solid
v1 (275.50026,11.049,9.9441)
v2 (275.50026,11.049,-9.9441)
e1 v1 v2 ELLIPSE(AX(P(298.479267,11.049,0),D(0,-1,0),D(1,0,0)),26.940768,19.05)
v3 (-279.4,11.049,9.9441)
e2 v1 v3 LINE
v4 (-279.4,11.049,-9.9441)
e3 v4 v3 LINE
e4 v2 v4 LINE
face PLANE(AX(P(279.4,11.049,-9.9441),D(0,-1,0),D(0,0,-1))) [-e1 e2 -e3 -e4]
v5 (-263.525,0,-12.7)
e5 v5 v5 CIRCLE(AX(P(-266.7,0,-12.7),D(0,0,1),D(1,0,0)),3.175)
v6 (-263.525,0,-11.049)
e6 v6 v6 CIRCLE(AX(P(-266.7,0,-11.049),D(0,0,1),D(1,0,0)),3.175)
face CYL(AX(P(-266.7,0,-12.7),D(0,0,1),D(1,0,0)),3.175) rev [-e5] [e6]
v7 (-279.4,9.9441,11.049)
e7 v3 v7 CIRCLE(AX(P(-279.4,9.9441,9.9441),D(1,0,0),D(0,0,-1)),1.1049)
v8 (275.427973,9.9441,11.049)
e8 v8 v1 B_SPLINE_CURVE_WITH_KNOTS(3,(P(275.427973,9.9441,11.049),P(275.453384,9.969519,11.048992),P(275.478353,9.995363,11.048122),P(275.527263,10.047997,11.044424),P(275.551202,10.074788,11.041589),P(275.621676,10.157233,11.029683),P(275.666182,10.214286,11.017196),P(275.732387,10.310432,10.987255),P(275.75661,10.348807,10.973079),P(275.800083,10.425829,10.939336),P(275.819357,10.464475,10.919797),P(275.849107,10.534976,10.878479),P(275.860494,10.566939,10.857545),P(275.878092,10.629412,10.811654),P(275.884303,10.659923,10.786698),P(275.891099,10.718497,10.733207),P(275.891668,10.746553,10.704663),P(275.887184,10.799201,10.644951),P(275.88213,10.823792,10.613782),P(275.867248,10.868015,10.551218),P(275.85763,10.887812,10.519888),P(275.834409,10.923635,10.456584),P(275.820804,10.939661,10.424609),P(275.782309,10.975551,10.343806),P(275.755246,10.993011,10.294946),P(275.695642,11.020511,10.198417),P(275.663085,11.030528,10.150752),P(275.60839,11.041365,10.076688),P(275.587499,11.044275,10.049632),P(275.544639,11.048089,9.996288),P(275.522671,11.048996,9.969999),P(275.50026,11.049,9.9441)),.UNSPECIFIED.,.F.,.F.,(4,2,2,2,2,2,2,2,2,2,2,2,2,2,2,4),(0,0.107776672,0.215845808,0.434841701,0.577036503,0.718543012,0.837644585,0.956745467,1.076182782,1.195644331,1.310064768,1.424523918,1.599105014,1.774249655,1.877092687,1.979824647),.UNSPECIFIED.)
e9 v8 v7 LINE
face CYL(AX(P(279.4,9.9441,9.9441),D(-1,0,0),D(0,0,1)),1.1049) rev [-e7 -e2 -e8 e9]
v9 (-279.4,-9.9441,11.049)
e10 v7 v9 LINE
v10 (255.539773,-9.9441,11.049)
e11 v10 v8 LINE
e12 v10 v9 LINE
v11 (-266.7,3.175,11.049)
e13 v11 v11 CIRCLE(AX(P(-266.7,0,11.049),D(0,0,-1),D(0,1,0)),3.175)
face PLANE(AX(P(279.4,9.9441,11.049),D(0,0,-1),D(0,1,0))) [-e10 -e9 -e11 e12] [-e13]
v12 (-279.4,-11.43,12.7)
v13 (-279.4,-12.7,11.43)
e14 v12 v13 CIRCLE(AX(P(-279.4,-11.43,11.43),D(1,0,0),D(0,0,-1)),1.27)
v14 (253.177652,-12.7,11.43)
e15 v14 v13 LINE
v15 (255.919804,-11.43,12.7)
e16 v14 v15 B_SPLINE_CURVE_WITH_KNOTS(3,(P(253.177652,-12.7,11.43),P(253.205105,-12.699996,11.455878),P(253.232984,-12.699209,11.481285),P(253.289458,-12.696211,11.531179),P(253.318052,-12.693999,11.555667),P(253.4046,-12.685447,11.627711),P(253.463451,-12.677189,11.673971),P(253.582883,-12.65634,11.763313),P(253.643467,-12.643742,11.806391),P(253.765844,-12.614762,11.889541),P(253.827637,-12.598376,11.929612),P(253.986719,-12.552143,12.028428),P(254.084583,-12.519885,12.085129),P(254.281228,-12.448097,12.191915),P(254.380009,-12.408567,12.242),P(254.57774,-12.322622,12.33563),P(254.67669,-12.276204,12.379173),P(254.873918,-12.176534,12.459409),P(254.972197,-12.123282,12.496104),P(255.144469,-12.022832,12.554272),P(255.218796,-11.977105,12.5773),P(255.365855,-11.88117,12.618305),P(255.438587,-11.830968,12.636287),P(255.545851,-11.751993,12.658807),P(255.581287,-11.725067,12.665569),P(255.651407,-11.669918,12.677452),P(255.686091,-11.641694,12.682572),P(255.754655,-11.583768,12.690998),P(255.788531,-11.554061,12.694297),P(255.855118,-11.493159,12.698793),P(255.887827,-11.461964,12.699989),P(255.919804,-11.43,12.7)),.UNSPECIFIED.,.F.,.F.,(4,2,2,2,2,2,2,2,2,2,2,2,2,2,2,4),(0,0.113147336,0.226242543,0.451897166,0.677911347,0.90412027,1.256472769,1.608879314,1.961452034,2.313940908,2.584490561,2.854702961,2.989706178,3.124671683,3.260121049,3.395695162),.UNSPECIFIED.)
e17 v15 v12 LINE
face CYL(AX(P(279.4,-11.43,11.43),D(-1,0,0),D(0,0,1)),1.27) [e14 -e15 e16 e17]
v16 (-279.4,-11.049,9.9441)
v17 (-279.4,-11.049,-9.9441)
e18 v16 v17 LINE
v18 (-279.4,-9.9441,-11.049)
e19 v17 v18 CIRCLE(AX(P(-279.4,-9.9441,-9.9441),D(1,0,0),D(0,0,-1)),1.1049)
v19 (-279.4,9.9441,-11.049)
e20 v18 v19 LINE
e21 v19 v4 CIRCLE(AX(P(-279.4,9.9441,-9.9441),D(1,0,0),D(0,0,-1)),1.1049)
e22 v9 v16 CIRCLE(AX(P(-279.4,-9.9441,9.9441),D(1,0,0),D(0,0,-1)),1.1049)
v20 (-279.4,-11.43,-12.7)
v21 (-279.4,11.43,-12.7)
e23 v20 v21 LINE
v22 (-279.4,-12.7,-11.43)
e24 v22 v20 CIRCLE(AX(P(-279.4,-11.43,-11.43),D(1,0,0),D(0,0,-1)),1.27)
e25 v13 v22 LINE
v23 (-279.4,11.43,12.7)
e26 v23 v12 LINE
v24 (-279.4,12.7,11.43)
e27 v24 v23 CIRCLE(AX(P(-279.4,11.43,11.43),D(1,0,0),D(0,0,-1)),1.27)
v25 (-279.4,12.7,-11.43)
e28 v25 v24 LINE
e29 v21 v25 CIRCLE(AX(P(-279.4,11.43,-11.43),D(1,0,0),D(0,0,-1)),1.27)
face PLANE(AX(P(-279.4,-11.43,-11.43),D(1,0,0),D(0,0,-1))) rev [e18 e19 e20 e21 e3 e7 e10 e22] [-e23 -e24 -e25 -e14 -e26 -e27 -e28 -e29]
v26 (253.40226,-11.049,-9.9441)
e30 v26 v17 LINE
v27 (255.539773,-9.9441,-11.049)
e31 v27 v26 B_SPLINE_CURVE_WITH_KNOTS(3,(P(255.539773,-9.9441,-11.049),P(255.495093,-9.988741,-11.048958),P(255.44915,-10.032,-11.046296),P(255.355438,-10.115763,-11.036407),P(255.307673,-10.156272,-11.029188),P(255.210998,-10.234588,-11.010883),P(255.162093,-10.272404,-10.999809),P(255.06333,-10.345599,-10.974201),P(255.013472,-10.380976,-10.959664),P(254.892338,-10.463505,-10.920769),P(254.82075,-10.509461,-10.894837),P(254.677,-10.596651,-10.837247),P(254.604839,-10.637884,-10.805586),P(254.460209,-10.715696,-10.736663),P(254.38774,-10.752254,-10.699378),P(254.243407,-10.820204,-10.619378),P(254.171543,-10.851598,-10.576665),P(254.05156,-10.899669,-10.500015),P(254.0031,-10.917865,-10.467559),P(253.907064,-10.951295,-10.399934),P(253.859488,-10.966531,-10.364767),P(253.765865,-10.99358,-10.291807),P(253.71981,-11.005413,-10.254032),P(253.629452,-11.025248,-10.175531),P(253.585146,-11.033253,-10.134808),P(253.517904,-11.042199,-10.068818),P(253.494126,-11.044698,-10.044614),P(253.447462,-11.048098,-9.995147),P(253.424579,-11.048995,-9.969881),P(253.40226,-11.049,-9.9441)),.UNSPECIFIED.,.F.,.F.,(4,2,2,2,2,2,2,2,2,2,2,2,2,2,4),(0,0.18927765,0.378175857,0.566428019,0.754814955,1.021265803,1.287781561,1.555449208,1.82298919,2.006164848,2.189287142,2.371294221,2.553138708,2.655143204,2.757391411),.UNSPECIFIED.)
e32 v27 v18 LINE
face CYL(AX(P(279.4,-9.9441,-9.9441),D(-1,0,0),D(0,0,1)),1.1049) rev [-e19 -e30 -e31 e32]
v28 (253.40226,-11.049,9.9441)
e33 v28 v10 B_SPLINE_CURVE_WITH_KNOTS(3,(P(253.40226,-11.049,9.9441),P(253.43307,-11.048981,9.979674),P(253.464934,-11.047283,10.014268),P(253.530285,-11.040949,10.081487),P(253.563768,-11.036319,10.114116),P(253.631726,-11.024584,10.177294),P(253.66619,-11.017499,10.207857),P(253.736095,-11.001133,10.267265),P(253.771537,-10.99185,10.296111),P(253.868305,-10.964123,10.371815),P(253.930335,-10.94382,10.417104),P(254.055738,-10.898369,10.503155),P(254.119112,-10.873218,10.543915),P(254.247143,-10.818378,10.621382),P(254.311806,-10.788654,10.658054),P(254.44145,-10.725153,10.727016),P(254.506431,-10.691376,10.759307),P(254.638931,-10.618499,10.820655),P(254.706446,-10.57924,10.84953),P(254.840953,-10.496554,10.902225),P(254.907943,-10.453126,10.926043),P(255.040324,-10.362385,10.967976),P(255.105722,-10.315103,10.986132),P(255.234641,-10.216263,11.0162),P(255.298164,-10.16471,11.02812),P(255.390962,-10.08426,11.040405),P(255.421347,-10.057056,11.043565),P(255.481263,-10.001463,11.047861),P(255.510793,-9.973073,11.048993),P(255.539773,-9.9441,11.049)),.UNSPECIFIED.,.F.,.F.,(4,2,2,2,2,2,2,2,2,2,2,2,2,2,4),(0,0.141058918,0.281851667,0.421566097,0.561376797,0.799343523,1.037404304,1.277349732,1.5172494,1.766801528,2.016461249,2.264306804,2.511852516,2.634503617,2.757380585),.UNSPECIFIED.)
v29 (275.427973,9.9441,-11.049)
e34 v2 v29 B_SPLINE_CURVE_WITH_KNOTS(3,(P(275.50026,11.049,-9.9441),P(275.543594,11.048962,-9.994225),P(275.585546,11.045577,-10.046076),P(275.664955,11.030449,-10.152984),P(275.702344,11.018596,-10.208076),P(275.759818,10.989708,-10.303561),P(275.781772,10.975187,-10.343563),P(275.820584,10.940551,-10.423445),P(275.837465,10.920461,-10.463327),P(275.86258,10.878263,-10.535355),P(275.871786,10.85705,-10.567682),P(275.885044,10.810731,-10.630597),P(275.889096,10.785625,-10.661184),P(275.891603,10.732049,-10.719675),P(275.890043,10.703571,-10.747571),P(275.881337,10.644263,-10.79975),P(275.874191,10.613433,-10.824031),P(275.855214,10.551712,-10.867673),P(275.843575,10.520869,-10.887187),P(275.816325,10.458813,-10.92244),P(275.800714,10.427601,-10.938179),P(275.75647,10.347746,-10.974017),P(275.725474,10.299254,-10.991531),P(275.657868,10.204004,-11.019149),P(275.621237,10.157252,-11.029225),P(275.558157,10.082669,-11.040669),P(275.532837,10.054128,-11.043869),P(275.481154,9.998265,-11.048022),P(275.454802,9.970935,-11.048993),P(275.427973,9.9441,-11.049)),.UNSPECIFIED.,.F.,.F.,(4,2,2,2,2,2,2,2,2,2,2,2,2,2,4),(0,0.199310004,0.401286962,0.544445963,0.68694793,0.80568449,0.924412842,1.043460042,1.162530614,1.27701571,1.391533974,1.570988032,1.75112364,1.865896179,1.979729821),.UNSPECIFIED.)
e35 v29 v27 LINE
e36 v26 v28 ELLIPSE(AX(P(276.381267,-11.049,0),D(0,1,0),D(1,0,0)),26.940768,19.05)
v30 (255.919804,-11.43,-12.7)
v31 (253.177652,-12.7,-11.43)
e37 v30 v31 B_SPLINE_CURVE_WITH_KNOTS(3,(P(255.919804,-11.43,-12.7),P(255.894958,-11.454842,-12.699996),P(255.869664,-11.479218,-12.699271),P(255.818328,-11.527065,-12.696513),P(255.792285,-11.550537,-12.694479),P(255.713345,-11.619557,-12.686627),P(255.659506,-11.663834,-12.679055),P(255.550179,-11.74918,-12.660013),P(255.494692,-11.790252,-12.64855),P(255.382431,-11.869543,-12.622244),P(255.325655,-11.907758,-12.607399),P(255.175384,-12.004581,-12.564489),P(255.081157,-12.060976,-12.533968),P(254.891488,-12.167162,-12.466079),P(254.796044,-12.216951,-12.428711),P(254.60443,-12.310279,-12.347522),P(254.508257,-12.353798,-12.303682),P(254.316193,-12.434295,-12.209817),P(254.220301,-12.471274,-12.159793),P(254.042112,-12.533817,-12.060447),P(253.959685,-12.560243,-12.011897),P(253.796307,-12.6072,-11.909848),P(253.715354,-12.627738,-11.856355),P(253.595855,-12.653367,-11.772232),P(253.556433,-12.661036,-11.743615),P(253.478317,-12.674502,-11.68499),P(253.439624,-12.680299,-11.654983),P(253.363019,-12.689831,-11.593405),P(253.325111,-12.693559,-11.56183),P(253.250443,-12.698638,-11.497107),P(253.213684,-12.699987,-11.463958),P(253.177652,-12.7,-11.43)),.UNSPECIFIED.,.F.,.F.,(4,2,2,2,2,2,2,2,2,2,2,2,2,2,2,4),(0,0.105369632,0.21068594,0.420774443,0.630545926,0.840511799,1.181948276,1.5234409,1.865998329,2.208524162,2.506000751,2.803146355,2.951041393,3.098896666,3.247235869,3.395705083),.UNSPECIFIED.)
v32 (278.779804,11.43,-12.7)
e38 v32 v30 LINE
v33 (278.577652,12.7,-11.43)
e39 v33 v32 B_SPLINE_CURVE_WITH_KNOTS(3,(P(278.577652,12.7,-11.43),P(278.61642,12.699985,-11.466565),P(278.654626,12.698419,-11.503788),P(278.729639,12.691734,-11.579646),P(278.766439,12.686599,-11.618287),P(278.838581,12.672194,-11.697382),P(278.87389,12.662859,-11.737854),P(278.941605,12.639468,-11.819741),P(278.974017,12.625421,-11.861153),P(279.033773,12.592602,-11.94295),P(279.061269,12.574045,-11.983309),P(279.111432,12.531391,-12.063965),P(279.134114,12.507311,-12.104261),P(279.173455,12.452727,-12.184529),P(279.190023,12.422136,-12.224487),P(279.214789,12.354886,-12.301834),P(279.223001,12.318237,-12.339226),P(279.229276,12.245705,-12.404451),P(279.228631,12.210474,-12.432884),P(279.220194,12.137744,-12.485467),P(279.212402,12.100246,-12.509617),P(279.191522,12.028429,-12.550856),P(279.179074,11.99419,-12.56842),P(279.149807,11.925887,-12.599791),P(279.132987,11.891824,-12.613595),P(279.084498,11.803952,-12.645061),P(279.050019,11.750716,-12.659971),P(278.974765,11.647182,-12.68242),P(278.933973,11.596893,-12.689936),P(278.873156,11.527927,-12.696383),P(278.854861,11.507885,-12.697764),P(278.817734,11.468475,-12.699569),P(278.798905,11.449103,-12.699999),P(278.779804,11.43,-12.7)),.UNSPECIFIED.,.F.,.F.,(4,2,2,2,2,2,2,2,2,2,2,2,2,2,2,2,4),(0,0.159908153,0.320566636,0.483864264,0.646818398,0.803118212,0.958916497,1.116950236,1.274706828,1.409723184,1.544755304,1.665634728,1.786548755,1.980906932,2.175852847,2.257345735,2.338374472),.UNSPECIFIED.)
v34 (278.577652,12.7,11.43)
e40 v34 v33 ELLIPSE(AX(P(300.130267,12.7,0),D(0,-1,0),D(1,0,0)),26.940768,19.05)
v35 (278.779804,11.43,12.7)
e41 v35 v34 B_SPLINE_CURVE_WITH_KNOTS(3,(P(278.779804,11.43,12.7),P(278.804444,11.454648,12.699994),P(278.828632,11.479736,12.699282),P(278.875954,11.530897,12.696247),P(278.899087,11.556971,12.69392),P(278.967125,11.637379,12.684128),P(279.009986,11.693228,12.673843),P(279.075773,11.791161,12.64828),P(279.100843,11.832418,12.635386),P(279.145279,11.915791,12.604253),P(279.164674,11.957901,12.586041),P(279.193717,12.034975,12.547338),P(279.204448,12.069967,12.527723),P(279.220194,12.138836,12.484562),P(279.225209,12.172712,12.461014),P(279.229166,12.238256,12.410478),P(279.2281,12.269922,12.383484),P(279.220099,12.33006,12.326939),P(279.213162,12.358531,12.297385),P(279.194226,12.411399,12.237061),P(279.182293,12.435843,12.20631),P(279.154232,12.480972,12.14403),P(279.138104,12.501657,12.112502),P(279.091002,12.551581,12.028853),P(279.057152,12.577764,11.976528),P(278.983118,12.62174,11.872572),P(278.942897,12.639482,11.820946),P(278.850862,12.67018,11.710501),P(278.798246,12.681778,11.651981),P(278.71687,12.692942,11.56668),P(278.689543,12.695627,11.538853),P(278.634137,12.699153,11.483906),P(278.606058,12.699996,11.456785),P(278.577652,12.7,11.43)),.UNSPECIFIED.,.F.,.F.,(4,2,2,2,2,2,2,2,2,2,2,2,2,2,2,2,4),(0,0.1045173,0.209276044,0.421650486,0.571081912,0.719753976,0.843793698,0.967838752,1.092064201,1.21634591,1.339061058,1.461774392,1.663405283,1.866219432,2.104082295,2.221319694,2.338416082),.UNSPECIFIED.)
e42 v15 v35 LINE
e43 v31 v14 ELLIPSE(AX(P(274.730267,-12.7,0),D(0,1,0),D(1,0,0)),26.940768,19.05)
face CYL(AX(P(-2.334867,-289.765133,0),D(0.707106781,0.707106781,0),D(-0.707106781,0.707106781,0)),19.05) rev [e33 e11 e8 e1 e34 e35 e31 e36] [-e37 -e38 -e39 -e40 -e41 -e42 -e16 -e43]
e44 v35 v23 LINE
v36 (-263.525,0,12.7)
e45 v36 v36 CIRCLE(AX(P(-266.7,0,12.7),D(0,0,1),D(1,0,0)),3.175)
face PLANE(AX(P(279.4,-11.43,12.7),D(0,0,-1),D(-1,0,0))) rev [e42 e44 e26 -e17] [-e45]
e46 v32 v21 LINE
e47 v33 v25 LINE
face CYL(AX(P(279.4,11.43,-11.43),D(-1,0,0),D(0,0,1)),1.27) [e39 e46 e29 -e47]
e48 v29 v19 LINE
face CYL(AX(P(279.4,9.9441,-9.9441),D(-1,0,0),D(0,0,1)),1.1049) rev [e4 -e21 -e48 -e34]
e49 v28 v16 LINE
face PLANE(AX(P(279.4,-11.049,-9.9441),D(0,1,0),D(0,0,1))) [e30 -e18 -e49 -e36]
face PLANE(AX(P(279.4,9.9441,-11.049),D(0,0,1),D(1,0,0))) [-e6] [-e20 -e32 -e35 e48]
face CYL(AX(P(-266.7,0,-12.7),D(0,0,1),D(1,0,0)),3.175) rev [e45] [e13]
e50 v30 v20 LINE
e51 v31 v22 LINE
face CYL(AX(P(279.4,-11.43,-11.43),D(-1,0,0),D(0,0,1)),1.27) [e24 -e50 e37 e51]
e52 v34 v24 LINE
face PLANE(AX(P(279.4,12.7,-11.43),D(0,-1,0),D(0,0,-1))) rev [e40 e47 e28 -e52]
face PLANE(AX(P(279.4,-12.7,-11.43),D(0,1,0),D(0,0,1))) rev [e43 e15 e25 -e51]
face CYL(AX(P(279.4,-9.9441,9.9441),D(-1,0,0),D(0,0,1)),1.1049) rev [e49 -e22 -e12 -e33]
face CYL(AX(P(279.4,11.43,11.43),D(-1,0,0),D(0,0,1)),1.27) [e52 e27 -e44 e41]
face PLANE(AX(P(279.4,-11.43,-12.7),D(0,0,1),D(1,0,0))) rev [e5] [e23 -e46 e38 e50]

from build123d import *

# Parameters (mm, degrees)
BOSS_EXTRUDE1_DEPTH      = 279.4
BOSS_EXTRUDE1_DEPTH_BACK = 279.4
SKETCH5_R                = 3.175
CUT_EXTRUDE1_DEPTH       = 281.839473721
SKETCH6_R                = 19.05
CUT_EXTRUDE2_DEPTH       = 455.280260412


with BuildPart() as part:
    # Sketch4 → Boss-Extrude1 (new, two sides: drawn at the far end of the back side and taken through both)
    with BuildSketch(Plane(origin=(0, 0, 0), x_dir=(0, 0, -1), z_dir=(1, 0, 0)).offset(-BOSS_EXTRUDE1_DEPTH_BACK)):
        with BuildLine():
            Line((12.7, -11.43), (12.7, 11.43))
            ThreePointArc((12.7, 11.43), (12.328025612, 12.328025612), (11.43, 12.7))
            Line((11.43, 12.7), (-11.43, 12.7))
            ThreePointArc((-11.43, 12.7), (-12.328025612, 12.328025612), (-12.7, 11.43))
            Line((-12.7, 11.43), (-12.7, -11.43))
            ThreePointArc((-12.7, -11.43), (-12.328025612, -12.328025612), (-11.43, -12.7))
            Line((-11.43, -12.7), (11.43, -12.7))
            ThreePointArc((11.43, -12.7), (12.328025612, -12.328025612), (12.7, -11.43))
        make_face()
        with BuildLine():
            Line((11.049, 9.9441), (11.049, -9.9441))
            ThreePointArc((11.049, -9.9441), (10.725382283, -10.725382283), (9.9441, -11.049))
            Line((9.9441, -11.049), (-9.9441, -11.049))
            ThreePointArc((-9.9441, -11.049), (-10.725382283, -10.725382283), (-11.049, -9.9441))
            Line((-11.049, -9.9441), (-11.049, 9.9441))
            ThreePointArc((-11.049, 9.9441), (-10.725382283, 10.725382283), (-9.9441, 11.049))
            Line((-9.9441, 11.049), (9.9441, 11.049))
            ThreePointArc((9.9441, 11.049), (10.725382283, 10.725382283), (11.049, 9.9441))
        make_face(mode=Mode.SUBTRACT)
    extrude(amount=BOSS_EXTRUDE1_DEPTH + BOSS_EXTRUDE1_DEPTH_BACK)

    # Sketch5 → Cut-Extrude1 (cut, through all)
    with BuildSketch(Plane.XY.offset(12.7)):
        with Locations((-266.7, 0)):
            Circle(SKETCH5_R)
    extrude(amount=-CUT_EXTRUDE1_DEPTH, mode=Mode.SUBTRACT)

    # Sketch6 → Cut-Extrude2 (cut, through all)
    with BuildSketch(Plane(origin=(146.05, 146.05, 0), x_dir=(0, 0, 1), z_dir=(0.7071067811865464, 0.7071067811865488, 0))):
        with Locations((0, 203.243890785)):
            Circle(SKETCH6_R)
    extrude(amount=-CUT_EXTRUDE2_DEPTH, mode=Mode.SUBTRACT)


solid = part.part
